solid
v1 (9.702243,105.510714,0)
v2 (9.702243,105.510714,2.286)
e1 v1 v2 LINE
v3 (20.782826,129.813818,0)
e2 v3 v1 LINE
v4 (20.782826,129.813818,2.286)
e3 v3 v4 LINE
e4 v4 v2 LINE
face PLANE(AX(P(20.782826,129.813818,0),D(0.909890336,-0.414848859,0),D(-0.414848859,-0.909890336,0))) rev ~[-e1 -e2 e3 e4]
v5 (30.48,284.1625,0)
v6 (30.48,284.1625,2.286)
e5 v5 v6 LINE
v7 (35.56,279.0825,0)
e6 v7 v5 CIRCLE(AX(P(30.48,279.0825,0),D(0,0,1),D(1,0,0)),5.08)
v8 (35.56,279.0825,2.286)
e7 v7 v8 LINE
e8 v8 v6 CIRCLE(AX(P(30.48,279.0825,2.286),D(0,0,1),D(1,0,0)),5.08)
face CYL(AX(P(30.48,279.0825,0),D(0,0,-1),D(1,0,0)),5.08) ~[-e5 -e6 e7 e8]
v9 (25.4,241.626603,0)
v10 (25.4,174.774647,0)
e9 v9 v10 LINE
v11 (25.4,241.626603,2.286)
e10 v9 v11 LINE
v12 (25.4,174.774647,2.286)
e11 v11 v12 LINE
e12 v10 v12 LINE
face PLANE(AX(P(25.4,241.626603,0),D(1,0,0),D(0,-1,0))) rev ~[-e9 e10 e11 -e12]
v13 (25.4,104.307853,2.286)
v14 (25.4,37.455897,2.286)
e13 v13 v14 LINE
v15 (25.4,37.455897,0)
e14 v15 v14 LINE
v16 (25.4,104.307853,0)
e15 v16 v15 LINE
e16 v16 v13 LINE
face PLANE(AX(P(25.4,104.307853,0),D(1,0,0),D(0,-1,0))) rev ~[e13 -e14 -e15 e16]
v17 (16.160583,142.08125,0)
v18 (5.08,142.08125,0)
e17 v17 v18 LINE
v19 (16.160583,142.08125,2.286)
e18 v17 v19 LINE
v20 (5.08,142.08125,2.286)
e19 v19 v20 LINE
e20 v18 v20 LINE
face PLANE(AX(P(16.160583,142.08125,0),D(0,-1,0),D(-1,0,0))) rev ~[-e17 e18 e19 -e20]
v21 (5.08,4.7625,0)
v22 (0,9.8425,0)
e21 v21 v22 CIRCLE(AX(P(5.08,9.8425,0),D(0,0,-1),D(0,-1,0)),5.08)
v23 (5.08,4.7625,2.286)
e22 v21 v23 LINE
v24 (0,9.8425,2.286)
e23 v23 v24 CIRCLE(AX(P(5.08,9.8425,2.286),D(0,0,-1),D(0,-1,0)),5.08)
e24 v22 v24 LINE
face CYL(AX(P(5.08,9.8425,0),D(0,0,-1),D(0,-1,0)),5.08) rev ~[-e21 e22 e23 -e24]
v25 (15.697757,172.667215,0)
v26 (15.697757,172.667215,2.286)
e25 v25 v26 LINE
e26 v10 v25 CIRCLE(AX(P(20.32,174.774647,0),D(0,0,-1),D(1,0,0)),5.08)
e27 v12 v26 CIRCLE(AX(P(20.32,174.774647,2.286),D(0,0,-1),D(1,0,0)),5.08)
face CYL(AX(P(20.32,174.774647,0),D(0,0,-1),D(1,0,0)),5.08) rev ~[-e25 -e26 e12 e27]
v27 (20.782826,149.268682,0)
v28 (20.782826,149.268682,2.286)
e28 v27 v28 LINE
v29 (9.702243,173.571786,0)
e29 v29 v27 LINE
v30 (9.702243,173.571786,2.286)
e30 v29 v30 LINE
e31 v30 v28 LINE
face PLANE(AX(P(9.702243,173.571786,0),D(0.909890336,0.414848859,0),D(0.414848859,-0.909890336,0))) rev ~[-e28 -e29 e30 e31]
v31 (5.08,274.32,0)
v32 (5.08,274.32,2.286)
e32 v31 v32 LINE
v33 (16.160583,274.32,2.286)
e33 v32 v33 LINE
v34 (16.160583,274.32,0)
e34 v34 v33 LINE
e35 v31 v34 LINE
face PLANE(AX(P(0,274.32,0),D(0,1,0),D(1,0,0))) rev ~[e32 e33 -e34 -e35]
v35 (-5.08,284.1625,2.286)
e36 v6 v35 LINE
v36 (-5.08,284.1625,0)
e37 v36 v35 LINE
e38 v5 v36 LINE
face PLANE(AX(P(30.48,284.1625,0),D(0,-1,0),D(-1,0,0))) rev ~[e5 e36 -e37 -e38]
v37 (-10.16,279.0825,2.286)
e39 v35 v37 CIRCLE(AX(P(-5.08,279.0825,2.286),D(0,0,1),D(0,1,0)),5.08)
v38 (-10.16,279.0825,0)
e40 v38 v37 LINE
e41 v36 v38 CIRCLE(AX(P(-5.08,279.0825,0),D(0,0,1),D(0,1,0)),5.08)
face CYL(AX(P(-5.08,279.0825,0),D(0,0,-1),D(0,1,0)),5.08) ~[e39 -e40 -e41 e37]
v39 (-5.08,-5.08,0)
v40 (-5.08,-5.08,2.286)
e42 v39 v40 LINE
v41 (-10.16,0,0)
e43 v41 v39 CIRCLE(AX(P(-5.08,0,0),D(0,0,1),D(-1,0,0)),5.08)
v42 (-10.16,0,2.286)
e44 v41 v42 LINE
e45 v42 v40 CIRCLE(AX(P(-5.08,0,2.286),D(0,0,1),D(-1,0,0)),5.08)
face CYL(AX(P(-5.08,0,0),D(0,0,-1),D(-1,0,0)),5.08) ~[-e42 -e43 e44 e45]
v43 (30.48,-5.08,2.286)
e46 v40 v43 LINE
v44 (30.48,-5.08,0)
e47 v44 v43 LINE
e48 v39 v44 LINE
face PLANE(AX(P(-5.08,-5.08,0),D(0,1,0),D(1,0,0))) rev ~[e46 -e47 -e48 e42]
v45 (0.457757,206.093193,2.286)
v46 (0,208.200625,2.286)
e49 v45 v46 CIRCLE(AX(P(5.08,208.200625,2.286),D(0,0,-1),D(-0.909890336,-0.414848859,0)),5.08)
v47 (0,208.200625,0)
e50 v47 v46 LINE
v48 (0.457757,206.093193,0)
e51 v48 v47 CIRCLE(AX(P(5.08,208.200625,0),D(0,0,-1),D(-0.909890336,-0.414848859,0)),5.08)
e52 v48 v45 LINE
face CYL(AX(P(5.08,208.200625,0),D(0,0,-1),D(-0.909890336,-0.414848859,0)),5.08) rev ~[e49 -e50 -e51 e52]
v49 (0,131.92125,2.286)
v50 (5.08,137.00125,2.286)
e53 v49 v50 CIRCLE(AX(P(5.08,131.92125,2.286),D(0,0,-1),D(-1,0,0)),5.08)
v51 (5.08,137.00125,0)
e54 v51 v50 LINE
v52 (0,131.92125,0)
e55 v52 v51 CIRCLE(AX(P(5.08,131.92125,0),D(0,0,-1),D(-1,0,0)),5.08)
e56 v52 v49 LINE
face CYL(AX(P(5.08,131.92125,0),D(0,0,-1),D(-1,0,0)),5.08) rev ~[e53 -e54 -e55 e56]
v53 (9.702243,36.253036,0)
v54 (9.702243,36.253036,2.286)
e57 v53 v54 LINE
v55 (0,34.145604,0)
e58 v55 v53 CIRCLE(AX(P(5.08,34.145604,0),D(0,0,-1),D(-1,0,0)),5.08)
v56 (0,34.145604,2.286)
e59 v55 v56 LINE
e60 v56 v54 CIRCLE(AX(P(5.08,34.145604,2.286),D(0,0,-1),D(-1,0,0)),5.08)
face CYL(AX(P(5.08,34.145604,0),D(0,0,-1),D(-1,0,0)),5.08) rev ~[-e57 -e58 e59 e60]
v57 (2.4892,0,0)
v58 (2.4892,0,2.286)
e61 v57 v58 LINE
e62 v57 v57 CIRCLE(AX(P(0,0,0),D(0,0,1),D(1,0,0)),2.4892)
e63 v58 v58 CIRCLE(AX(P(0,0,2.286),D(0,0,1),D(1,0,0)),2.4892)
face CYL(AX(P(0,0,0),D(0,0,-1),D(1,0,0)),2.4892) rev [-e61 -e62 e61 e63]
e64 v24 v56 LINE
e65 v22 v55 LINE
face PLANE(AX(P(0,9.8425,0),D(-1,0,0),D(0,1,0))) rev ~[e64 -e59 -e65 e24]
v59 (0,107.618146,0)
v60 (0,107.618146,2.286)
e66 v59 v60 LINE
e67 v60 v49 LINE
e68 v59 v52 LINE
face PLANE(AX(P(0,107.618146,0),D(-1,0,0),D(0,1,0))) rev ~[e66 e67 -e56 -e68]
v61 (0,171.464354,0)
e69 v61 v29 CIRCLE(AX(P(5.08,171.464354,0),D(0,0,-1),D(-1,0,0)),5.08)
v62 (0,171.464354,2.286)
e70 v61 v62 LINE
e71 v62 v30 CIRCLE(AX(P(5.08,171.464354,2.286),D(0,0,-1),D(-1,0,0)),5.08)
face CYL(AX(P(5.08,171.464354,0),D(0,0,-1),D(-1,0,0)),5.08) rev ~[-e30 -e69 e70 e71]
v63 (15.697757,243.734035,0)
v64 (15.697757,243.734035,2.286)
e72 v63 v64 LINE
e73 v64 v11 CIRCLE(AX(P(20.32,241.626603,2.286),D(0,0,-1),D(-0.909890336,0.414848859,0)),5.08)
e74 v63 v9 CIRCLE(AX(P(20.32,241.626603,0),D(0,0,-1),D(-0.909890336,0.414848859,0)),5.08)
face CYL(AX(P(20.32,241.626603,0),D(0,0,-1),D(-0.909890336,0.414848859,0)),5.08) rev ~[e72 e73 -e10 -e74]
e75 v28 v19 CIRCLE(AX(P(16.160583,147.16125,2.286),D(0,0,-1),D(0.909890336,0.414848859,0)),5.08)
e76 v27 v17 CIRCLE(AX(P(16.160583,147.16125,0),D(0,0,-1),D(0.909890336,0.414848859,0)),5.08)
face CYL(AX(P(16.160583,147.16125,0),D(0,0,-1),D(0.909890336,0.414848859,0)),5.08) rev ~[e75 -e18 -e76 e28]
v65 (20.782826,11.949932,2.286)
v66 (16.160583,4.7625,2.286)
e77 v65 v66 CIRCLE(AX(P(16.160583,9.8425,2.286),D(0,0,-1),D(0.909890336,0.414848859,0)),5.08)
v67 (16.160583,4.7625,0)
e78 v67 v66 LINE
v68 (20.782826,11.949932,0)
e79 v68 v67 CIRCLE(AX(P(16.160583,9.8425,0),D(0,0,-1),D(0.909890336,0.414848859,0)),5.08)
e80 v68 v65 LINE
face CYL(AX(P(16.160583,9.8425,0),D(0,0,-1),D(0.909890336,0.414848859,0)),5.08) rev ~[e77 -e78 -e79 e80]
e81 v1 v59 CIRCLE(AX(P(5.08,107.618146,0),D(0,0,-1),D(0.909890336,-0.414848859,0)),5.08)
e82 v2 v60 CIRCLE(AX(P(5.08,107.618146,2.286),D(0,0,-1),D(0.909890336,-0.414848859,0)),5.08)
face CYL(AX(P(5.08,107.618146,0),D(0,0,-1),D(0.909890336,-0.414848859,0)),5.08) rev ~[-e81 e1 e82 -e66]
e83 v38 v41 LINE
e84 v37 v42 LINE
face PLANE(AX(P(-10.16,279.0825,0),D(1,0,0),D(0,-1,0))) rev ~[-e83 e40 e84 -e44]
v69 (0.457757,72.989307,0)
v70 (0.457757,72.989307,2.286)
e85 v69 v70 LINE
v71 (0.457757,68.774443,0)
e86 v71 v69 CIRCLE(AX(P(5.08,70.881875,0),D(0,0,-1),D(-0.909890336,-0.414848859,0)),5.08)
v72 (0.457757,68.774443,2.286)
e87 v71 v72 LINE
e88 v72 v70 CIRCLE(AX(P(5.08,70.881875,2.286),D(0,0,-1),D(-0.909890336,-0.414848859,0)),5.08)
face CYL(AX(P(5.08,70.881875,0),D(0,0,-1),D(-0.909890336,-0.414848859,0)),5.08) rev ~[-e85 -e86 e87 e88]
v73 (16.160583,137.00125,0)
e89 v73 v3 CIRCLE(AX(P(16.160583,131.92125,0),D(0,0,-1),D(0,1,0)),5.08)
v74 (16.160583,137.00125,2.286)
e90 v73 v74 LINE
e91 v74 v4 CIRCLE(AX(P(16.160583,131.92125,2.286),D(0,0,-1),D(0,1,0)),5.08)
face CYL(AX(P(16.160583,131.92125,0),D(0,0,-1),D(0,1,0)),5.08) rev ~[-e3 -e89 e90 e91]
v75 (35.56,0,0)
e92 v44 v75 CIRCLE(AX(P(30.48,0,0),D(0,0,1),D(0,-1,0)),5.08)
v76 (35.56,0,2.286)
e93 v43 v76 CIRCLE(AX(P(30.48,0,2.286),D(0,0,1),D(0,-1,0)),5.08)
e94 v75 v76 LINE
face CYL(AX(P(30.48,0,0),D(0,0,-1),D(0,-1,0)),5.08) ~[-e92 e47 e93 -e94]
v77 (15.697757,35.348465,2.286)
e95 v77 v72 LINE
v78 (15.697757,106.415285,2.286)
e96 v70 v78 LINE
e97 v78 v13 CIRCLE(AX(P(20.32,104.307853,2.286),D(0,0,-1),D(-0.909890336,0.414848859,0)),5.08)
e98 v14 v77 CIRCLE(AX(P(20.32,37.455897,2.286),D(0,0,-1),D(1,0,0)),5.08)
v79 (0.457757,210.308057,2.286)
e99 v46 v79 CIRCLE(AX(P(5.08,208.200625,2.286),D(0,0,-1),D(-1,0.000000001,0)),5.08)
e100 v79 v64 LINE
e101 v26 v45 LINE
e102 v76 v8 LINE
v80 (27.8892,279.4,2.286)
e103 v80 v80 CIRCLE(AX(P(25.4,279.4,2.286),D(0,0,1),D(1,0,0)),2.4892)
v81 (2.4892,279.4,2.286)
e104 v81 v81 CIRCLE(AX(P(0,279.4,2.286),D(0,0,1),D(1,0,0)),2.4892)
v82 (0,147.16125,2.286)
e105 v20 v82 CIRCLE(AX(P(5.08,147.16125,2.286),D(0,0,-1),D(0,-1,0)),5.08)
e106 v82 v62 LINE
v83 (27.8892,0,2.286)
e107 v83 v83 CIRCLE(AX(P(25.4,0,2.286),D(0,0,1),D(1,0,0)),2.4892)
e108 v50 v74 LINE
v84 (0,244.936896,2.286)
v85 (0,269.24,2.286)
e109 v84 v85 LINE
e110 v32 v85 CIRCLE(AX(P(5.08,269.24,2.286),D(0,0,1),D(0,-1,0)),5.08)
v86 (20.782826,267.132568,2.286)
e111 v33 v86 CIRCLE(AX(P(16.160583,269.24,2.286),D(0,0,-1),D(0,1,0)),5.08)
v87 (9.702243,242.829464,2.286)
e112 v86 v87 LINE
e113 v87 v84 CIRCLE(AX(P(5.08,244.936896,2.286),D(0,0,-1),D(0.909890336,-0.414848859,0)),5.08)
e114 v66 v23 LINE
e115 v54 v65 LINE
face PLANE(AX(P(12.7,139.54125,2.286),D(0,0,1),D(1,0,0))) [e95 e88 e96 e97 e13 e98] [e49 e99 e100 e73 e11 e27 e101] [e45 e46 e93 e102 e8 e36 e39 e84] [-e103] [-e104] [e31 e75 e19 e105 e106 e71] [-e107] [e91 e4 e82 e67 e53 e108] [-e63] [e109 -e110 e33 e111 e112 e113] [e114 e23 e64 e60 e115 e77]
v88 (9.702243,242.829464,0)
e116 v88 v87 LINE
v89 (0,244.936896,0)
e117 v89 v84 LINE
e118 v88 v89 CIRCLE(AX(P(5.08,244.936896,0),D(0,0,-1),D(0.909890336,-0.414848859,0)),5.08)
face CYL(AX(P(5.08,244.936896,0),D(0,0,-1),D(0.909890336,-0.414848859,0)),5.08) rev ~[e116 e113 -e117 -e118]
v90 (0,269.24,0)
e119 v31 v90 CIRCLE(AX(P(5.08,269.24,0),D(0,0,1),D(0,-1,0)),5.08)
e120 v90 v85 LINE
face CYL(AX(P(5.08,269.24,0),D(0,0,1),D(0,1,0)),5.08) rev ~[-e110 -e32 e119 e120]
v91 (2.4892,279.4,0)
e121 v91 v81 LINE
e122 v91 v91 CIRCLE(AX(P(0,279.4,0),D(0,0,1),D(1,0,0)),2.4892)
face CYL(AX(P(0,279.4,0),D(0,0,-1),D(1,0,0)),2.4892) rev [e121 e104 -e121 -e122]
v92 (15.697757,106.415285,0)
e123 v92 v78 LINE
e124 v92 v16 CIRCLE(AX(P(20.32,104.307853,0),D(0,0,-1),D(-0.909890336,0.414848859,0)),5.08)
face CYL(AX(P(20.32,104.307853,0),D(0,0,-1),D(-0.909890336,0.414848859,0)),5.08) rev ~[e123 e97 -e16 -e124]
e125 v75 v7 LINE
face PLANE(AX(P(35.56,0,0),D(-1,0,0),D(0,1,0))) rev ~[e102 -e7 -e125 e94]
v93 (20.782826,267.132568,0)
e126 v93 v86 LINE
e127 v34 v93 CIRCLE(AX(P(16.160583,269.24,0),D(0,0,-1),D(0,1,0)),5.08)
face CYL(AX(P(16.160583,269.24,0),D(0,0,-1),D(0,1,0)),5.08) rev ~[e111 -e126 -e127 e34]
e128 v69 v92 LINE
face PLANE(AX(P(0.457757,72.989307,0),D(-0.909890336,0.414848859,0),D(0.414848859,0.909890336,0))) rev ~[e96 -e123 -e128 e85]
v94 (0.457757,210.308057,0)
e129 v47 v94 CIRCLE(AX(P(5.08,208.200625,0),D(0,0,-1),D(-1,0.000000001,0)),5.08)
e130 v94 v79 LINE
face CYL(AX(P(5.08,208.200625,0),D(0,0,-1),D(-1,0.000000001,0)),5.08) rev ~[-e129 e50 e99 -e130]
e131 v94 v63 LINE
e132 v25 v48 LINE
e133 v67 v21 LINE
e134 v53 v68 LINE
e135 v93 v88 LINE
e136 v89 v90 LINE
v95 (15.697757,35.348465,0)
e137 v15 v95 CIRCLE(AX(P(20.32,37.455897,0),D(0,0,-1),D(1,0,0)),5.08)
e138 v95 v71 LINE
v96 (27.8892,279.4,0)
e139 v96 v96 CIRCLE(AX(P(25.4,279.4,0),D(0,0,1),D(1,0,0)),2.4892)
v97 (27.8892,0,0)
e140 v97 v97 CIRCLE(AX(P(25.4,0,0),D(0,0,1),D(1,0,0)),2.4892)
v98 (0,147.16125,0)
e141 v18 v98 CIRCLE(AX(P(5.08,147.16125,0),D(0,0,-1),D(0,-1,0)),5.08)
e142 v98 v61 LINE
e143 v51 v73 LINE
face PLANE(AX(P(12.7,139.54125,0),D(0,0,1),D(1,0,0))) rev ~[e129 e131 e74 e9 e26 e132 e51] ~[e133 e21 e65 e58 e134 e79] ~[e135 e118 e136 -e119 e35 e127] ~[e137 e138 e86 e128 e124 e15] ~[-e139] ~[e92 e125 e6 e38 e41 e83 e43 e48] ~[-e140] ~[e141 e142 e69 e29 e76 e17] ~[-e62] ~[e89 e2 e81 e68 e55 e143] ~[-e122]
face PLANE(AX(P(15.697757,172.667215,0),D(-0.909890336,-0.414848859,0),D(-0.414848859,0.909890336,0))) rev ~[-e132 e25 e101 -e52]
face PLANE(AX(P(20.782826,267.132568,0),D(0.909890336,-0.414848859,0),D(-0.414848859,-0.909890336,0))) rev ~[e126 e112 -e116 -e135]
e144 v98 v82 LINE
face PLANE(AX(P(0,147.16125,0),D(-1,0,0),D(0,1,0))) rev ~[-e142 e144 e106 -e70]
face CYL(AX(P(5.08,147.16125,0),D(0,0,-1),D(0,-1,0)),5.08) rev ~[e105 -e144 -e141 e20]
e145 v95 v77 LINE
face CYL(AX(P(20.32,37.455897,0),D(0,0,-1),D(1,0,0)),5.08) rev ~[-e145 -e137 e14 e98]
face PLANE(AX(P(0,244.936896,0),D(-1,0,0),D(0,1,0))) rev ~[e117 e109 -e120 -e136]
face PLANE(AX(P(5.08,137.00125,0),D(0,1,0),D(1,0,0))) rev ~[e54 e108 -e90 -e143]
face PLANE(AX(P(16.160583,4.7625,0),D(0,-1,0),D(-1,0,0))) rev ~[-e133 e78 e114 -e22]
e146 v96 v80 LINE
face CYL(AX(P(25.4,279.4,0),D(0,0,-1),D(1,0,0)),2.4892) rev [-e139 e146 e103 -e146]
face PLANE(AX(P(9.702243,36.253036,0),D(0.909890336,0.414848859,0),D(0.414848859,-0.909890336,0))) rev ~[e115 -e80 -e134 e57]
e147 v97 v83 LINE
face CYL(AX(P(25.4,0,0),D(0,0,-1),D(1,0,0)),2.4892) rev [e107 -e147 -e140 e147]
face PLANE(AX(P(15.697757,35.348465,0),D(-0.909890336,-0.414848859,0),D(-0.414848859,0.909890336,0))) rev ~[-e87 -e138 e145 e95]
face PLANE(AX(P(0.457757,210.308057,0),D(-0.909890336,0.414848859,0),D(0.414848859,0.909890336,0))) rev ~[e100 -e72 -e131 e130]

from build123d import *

# Parameters (mm, degrees)
SKETCH1_R           = 2.4892
BOSS_EXTRUDE1_DEPTH = 2.286
FILLET1_R           = 5.08


with BuildPart() as part:
    # Sketch1 → Boss-Extrude1 (new body)
    with BuildSketch(Plane.XY):
        with BuildLine():
            ThreePointArc((-10.16, 0), (-8.672102448, -3.592102448), (-5.08, -5.08))
            Line((-5.08, -5.08), (30.48, -5.08))
            ThreePointArc((30.48, -5.08), (34.072102448, -3.592102448), (35.56, 0))
            Line((35.56, 0), (35.56, 279.0825))
            ThreePointArc((35.56, 279.0825), (34.072102448, 282.674602448), (30.48, 284.1625))
            Line((30.48, 284.1625), (-5.08, 284.1625))
            ThreePointArc((-5.08, 284.1625), (-8.672102448, 282.674602448), (-10.16, 279.0825))
            Line((-10.16, 279.0825), (-10.16, 0))
        make_face()
        Circle(SKETCH1_R, mode=Mode.SUBTRACT)
        with BuildLine():
            Line((9.702242909, 36.253036461), (20.782825554, 11.949932204))
            ThreePointArc((20.782825554, 11.949932204), (20.433295811, 7.094715037), (16.160582646, 4.7625))
            Line((16.160582646, 4.7625), (5.08, 4.7625))
            ThreePointArc((5.08, 4.7625), (1.487897552, 6.250397552), (0, 9.8425))
            Line((0, 9.8425), (0, 34.145604258))
            ThreePointArc((0, 34.145604258), (4.001712927, 39.109846092), (9.702242909, 36.253036461))
        make_face(mode=Mode.SUBTRACT)
        with BuildLine():
            Line((0, 107.618145742), (0, 131.92125))
            ThreePointArc((0, 131.92125), (1.487897552, 135.513352448), (5.08, 137.00125))
            Line((5.08, 137.00125), (16.160582646, 137.00125))
            ThreePointArc((16.160582646, 137.00125), (20.433295811, 134.669034963), (20.782825554, 129.813817796))
            Line((20.782825554, 129.813817796), (9.702242909, 105.510713539))
            ThreePointArc((9.702242909, 105.510713539), (4.001712927, 102.653903908), (0, 107.618145742))
        make_face(mode=Mode.SUBTRACT)
        with Locations((25.4, 0)):
            Circle(SKETCH1_R, mode=Mode.SUBTRACT)
        with BuildLine():
            Line((15.697757091, 35.348465054), (0.457757091, 68.774442796))
            ThreePointArc((0.457757091, 68.774442796), (0, 70.881875), (0.457757091, 72.989307204))
            Line((0.457757091, 72.989307204), (15.697757091, 106.415284946))
            ThreePointArc((15.697757091, 106.415284946), (21.398287073, 109.272094577), (25.4, 104.307852743))
            Line((25.4, 104.307852743), (25.4, 37.455897257))
            ThreePointArc((25.4, 37.455897257), (21.398287073, 32.491655423), (15.697757091, 35.348465054))
        make_face(mode=Mode.SUBTRACT)
        with BuildLine():
            Line((0, 147.16125), (0, 171.464354258))
            ThreePointArc((0, 171.464354258), (4.001712927, 176.428596092), (9.702242909, 173.571786461))
            Line((9.702242909, 173.571786461), (20.782825554, 149.268682204))
            ThreePointArc((20.782825554, 149.268682204), (20.433295811, 144.413465037), (16.160582646, 142.08125))
            Line((16.160582646, 142.08125), (5.08, 142.08125))
            ThreePointArc((5.08, 142.08125), (1.487897552, 143.569147552), (0, 147.16125))
        make_face(mode=Mode.SUBTRACT)
        with BuildLine():
            ThreePointArc((0.457757091, 206.093192796), (0.115758165, 207.122337929), (0, 208.200625004))
            ThreePointArc((0, 208.200625004), (0.115758166, 209.278912075), (0.457757091, 210.308057204))
            Line((0.457757091, 210.308057204), (15.697757091, 243.734034946))
            ThreePointArc((15.697757091, 243.734034946), (21.398287073, 246.590844577), (25.4, 241.626602743))
            Line((25.4, 241.626602743), (25.4, 174.774647257))
            ThreePointArc((25.4, 174.774647257), (21.398287073, 169.810405423), (15.697757091, 172.667215054))
            Line((15.697757091, 172.667215054), (0.457757091, 206.093192796))
        make_face(mode=Mode.SUBTRACT)
        with Locations((0, 279.4)):
            Circle(SKETCH1_R, mode=Mode.SUBTRACT)
        with BuildLine():
            Line((5.08, 274.32), (16.160582646, 274.32))
            ThreePointArc((16.160582646, 274.32), (20.433295811, 271.987784963), (20.782825554, 267.132567796))
            Line((20.782825554, 267.132567796), (9.702242909, 242.829463539))
            ThreePointArc((9.702242909, 242.829463539), (4.001712927, 239.972653908), (0, 244.936895742))
            Line((0, 244.936895742), (0, 269.24))
            Line((0, 269.24), (0, 274.32))
            Line((0, 274.32), (5.08, 274.32))
        make_face(mode=Mode.SUBTRACT)
        with Locations((25.4, 279.4)):
            Circle(SKETCH1_R, mode=Mode.SUBTRACT)
    extrude(amount=BOSS_EXTRUDE1_DEPTH)

    # Fillet1
    fillet1_edges = [part.edges().sort_by_distance(p)[0] for p in [
        (0, 274.32, 1.143),
    ]]
    fillet(fillet1_edges, radius=FILLET1_R)


solid = part.part
